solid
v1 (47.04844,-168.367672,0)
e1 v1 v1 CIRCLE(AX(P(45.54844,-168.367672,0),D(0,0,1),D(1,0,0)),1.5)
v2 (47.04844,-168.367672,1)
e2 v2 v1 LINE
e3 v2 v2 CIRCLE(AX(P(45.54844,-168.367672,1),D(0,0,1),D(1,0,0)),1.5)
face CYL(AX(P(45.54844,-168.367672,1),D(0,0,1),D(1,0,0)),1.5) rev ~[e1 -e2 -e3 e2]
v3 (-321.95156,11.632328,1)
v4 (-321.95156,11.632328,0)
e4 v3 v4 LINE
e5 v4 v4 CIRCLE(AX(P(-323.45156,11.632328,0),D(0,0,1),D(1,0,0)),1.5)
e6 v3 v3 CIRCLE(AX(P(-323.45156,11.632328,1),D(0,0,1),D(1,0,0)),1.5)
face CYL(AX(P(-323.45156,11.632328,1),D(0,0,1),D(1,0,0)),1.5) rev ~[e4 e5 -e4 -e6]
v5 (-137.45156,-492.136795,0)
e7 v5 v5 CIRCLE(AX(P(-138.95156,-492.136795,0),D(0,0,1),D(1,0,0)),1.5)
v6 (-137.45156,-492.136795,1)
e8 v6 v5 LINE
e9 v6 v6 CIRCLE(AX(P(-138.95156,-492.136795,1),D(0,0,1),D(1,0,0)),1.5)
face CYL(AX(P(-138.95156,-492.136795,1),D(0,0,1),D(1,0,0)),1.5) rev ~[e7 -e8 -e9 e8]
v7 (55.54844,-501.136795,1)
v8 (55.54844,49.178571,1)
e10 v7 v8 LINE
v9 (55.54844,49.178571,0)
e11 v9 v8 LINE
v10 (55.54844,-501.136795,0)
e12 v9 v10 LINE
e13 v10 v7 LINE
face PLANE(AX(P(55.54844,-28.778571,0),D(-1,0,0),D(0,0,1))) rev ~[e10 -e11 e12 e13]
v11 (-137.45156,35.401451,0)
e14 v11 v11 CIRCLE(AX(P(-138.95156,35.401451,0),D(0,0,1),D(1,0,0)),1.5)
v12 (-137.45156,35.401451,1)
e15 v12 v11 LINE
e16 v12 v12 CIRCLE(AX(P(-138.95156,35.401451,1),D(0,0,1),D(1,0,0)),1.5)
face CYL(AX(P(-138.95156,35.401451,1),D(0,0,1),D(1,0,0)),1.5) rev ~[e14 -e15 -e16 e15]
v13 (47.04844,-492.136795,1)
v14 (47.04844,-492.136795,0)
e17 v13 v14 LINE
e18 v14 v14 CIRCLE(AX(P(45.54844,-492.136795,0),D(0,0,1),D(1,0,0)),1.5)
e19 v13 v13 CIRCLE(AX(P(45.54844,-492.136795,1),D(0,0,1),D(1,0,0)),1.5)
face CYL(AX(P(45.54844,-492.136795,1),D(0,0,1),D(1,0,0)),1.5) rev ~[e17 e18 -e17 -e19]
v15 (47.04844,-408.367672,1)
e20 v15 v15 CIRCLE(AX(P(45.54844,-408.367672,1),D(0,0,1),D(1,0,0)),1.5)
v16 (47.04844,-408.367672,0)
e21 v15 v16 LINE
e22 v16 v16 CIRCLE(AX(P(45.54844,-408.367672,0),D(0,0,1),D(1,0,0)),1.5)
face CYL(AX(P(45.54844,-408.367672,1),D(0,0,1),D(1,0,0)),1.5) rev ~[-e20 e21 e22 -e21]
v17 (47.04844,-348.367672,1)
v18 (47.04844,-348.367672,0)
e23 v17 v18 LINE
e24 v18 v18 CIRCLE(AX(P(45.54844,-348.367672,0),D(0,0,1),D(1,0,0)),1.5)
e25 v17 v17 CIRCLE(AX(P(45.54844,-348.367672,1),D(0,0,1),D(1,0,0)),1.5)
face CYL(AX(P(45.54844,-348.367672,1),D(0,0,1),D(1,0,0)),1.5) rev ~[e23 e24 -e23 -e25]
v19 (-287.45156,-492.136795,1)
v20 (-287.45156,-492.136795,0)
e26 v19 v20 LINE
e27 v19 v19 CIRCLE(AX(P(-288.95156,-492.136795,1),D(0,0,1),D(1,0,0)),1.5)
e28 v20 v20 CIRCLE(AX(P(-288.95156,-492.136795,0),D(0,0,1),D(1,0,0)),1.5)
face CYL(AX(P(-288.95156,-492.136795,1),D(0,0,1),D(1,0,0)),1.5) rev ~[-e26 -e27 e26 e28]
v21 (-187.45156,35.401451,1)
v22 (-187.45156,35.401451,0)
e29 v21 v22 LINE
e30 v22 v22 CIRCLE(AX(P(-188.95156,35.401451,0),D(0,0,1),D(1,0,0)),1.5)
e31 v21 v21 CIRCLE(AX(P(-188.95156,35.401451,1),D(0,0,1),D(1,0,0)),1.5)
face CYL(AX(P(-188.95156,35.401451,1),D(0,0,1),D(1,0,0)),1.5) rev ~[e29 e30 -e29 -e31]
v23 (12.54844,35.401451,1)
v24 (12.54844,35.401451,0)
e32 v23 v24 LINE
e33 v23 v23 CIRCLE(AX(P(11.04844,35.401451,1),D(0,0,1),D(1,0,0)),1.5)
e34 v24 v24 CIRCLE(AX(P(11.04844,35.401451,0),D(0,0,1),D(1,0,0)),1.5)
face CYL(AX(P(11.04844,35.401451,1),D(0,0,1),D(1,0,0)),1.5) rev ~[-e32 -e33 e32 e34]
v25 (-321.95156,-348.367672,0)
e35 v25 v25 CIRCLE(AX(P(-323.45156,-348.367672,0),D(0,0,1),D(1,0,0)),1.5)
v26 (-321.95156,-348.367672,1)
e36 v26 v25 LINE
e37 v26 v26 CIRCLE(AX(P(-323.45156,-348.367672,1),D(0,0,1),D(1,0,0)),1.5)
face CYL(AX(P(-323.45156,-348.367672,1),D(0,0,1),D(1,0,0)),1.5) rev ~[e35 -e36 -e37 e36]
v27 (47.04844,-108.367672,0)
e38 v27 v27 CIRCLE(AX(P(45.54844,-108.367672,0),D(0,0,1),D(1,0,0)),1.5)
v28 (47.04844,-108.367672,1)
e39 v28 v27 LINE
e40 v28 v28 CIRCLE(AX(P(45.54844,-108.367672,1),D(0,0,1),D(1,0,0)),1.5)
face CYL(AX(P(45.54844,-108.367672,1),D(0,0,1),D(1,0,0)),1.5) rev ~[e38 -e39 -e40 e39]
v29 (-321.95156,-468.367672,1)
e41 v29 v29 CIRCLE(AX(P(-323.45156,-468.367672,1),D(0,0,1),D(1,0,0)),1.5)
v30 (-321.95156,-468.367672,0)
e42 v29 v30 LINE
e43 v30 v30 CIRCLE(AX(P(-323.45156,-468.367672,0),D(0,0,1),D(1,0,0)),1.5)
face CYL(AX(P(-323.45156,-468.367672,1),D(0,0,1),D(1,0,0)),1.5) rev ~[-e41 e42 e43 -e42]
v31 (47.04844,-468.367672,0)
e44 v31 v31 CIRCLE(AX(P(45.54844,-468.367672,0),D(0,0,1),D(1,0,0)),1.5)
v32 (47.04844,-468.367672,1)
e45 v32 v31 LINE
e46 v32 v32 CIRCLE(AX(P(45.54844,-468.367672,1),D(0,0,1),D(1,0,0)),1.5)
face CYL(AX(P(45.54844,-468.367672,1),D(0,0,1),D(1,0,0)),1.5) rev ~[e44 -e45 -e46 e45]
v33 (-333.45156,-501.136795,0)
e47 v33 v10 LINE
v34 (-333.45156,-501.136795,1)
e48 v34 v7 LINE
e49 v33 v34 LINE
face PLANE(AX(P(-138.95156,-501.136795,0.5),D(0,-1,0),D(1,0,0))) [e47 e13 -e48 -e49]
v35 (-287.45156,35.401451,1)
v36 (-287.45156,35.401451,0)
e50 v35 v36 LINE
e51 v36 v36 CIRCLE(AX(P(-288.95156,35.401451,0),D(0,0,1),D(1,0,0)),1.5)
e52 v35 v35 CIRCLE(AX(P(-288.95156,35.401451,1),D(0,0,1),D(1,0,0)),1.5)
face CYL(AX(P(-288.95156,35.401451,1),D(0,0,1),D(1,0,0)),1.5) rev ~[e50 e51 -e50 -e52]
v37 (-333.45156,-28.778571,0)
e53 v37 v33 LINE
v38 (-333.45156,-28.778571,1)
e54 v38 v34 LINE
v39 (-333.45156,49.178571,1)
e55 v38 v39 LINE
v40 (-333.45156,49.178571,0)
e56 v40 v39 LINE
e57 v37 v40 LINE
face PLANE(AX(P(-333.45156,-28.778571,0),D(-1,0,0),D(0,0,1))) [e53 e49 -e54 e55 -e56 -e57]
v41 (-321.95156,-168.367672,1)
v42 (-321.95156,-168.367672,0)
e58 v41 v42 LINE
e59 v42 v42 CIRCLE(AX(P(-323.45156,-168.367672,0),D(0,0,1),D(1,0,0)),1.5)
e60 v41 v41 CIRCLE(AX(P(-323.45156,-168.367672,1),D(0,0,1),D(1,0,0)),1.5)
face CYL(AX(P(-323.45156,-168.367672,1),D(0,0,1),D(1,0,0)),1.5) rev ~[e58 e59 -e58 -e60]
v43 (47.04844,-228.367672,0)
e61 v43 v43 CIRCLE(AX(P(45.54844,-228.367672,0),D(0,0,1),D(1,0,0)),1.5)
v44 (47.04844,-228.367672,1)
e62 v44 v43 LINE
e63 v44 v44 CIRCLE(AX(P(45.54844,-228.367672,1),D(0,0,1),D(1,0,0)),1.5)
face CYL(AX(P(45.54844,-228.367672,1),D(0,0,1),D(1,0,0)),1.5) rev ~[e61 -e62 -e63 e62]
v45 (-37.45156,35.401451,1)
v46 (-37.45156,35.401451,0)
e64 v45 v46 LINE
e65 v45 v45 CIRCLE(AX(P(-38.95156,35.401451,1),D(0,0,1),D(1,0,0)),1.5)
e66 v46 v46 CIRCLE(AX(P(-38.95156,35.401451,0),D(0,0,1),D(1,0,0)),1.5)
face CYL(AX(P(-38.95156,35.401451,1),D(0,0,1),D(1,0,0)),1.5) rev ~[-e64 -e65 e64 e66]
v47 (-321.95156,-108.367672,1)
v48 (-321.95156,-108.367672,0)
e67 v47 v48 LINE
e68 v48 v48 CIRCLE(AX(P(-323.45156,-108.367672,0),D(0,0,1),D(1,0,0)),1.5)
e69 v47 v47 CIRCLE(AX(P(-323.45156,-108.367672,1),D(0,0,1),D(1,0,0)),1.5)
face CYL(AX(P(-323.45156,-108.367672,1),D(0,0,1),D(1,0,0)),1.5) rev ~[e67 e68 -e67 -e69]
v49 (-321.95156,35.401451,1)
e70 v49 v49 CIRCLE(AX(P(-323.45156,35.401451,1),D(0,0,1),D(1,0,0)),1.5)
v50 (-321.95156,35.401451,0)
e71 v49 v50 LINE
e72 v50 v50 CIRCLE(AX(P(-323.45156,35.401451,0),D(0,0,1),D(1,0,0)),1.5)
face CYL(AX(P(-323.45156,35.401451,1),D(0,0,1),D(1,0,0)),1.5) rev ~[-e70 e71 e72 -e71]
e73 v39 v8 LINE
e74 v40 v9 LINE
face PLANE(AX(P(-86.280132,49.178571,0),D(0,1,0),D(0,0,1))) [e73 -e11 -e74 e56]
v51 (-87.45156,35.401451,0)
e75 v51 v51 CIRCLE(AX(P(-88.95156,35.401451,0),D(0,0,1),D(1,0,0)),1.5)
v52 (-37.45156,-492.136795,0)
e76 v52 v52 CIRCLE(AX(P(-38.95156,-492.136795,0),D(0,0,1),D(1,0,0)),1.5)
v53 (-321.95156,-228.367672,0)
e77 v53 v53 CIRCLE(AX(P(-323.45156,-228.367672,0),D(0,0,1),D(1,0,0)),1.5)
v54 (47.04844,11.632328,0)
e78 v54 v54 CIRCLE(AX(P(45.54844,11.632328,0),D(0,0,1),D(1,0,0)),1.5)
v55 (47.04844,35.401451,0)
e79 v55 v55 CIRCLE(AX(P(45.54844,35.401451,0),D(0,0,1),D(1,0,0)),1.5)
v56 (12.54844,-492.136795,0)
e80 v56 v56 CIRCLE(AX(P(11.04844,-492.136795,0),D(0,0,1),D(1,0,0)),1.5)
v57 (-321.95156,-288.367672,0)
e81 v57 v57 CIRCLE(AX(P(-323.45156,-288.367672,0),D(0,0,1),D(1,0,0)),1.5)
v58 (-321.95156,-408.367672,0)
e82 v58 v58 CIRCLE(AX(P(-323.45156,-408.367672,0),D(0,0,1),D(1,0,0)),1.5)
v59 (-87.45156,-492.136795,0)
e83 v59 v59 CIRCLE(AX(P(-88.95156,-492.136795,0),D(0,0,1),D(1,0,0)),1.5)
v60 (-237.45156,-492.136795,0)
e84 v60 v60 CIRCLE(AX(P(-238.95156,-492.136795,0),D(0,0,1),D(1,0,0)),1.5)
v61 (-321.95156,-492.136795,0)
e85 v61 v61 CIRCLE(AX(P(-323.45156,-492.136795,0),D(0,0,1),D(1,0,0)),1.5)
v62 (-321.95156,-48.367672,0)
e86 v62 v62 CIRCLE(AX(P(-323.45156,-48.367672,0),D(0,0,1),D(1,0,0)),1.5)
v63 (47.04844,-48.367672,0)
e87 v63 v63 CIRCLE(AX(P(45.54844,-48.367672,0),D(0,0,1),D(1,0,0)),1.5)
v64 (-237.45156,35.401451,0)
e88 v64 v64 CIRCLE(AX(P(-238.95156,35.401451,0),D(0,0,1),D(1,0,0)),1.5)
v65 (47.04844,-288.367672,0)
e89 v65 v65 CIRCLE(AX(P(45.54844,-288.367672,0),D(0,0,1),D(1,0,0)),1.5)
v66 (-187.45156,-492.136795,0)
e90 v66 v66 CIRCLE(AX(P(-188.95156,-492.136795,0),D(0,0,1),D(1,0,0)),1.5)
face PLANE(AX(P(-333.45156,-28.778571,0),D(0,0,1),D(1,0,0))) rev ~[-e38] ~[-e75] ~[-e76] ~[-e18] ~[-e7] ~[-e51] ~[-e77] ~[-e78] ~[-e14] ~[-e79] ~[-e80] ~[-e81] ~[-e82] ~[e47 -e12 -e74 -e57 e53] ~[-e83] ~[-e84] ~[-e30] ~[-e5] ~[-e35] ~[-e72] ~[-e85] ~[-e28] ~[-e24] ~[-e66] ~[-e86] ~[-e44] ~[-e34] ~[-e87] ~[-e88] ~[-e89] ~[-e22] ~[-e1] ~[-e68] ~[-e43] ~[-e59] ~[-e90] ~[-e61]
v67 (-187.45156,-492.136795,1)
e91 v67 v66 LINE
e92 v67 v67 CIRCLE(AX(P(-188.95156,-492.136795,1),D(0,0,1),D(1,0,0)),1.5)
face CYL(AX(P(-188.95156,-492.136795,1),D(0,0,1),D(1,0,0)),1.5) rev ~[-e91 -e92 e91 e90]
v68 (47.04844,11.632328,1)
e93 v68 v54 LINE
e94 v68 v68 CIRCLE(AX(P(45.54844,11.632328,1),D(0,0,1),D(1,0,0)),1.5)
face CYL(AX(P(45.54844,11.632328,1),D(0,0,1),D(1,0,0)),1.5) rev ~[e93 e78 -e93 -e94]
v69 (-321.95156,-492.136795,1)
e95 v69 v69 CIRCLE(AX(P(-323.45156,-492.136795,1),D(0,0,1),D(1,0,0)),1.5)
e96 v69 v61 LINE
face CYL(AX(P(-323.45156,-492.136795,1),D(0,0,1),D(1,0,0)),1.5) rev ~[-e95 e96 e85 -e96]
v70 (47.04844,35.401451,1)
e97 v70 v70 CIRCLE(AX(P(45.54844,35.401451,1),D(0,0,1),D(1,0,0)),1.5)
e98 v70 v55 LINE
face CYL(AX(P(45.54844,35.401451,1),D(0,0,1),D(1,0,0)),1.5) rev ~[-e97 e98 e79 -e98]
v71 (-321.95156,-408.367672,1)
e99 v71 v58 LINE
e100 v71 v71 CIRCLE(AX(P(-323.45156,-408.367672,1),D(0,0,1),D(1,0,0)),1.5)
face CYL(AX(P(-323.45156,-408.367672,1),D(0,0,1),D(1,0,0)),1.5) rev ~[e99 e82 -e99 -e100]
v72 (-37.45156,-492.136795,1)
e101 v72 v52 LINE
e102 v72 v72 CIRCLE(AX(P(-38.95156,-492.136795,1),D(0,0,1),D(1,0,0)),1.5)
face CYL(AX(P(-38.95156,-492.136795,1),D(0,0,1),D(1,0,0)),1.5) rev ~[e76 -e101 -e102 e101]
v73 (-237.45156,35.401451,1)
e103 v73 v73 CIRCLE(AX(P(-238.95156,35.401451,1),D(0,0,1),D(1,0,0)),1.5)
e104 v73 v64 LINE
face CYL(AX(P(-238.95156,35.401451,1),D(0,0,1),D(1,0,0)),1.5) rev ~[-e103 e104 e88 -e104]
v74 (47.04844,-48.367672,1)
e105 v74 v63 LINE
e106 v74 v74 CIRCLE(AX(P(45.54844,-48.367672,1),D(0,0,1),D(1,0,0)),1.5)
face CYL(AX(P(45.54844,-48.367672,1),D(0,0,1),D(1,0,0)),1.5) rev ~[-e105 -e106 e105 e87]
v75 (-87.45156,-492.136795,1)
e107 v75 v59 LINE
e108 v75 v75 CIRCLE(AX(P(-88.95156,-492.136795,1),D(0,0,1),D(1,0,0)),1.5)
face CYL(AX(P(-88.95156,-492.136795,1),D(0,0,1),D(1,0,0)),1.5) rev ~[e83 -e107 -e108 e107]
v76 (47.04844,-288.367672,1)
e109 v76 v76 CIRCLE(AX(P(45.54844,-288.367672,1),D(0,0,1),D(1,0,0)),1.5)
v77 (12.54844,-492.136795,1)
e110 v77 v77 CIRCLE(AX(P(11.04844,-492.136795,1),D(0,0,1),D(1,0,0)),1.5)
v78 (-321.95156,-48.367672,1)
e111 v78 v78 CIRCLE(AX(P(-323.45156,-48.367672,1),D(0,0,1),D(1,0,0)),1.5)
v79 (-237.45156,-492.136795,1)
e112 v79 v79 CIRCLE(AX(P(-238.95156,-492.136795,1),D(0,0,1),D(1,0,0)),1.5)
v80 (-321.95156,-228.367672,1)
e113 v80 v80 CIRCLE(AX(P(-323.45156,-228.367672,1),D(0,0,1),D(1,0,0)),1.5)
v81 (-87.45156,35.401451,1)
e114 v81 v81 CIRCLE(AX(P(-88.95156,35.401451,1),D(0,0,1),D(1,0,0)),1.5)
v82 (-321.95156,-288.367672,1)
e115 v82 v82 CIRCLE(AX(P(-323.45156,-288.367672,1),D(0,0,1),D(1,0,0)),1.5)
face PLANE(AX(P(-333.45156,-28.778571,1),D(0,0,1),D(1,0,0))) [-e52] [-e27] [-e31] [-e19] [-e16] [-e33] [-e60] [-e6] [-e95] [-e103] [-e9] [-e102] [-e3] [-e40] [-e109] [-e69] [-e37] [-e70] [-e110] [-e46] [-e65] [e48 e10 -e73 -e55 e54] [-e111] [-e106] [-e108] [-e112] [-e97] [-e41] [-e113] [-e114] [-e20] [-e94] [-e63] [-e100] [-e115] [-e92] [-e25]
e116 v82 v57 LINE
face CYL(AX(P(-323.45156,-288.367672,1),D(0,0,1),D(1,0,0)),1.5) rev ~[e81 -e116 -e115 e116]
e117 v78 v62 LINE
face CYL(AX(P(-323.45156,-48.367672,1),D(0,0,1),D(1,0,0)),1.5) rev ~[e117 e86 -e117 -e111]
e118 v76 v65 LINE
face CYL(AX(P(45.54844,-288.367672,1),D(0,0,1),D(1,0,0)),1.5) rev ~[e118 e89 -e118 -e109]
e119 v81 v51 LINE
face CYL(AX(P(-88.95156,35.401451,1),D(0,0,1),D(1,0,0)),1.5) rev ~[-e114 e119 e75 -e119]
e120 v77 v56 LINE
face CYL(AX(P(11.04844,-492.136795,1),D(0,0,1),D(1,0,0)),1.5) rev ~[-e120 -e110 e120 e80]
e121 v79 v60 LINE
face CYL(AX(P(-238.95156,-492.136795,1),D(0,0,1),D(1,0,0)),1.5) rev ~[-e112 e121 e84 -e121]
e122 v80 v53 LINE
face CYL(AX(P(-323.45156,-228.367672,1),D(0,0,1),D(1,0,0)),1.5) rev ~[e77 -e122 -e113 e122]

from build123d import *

# Parameters (mm, degrees)
SZKIC1_W                    = 141.828571428
SZKIC1_H                    = 77.957142858
DODANIE_WYCI_GNI_CIE1_DEPTH = 1
SZKIC2_W                    = 1
SZKIC2_H                    = 77.957142858
DODANIE_WYCI_GNI_CIE2_DEPTH = 247.171428571
SZKIC3_W                    = 389
SZKIC3_H                    = 1
DODANIE_WYCI_GNI_CIE3_DEPTH = 472.358223619
SZKIC4_R                    = 1.5
WYTNIJ_WYCI_GNI_CIE1_DEPTH  = 10


with BuildPart() as part:
    # Szkic1 → Dodanie-wyciągnięcie1 (new body)
    with BuildSketch(Plane.XY):
        with Locations((-15.365846009, 10.2)):
            Rectangle(SZKIC1_W, SZKIC1_H)
    extrude(amount=DODANIE_WYCI_GNI_CIE1_DEPTH)

    # Szkic2 → Dodanie-wyciągnięcie2 (add)
    with BuildSketch(Plane.ZY.offset(86.280131723)):
        with Locations((0.5, 10.2)):
            Rectangle(SZKIC2_W, SZKIC2_H)
    extrude(amount=DODANIE_WYCI_GNI_CIE2_DEPTH)

    # Szkic3 → Dodanie-wyciągnięcie3 (add)
    with BuildSketch(Plane.XZ.offset(28.778571429)):
        with Locations((-138.951560295, 0.5)):
            Rectangle(SZKIC3_W, SZKIC3_H)
    extrude(amount=DODANIE_WYCI_GNI_CIE3_DEPTH)

    # Szkic4 → Wytnij-wyciągnięcie1 (cut)
    with BuildSketch(Plane.XY.offset(1)):
        with Locations((45.548439705, -408.367672097)):
            Circle(SZKIC4_R)
        with Locations((-138.951560295, -492.136795048)):
            Circle(SZKIC4_R)
        with Locations((-323.451560295, -492.136795048)):
            Circle(SZKIC4_R)
        with Locations((-323.451560295, -468.367672097)):
            Circle(SZKIC4_R)
        with Locations((-323.451560295, -408.367672097)):
            Circle(SZKIC4_R)
        with Locations((-323.451560295, -348.367672097)):
            Circle(SZKIC4_R)
        with Locations((-323.451560295, -288.367672097)):
            Circle(SZKIC4_R)
        with Locations((-323.451560295, -228.367672097)):
            Circle(SZKIC4_R)
        with Locations((-323.451560295, -168.367672097)):
            Circle(SZKIC4_R)
        with Locations((-323.451560295, -108.367672097)):
            Circle(SZKIC4_R)
        with Locations((-323.451560295, -48.367672097)):
            Circle(SZKIC4_R)
        with Locations((-323.451560295, 11.632327903)):
            Circle(SZKIC4_R)
        with Locations((-323.451560295, 35.401450854)):
            Circle(SZKIC4_R)
        with Locations((-288.951560295, 35.401450854)):
            Circle(SZKIC4_R)
        with Locations((-238.951560295, 35.401450854)):
            Circle(SZKIC4_R)
        with Locations((-188.951560295, 35.401450854)):
            Circle(SZKIC4_R)
        with Locations((-138.951560295, 35.401450854)):
            Circle(SZKIC4_R)
        with Locations((-88.951560295, 35.401450854)):
            Circle(SZKIC4_R)
        with Locations((-38.951560295, 35.401450854)):
            Circle(SZKIC4_R)
        with Locations((11.048439705, 35.401450854)):
            Circle(SZKIC4_R)
        with Locations((45.548439705, 35.401450854)):
            Circle(SZKIC4_R)
        with Locations((45.548439705, 11.632327903)):
            Circle(SZKIC4_R)
        with Locations((45.548439705, -48.367672097)):
            Circle(SZKIC4_R)
        with Locations((45.548439705, -108.367672097)):
            Circle(SZKIC4_R)
        with Locations((45.548439705, -168.367672097)):
            Circle(SZKIC4_R)
        with Locations((45.548439705, -228.367672097)):
            Circle(SZKIC4_R)
        with Locations((45.548439705, -288.367672097)):
            Circle(SZKIC4_R)
        with Locations((45.548439705, -348.367672097)):
            Circle(SZKIC4_R)
        with Locations((45.548439705, -468.367672097)):
            Circle(SZKIC4_R)
        with Locations((45.548439705, -492.136795048)):
            Circle(SZKIC4_R)
        with Locations((11.048439705, -492.136795048)):
            Circle(SZKIC4_R)
        with Locations((-38.951560295, -492.136795048)):
            Circle(SZKIC4_R)
        with Locations((-88.951560295, -492.136795048)):
            Circle(SZKIC4_R)
        with Locations((-188.951560295, -492.136795048)):
            Circle(SZKIC4_R)
        with Locations((-238.951560295, -492.136795048)):
            Circle(SZKIC4_R)
        with Locations((-288.951560295, -492.136795048)):
            Circle(SZKIC4_R)
    extrude(amount=-WYTNIJ_WYCI_GNI_CIE1_DEPTH, mode=Mode.SUBTRACT)


solid = part.part
